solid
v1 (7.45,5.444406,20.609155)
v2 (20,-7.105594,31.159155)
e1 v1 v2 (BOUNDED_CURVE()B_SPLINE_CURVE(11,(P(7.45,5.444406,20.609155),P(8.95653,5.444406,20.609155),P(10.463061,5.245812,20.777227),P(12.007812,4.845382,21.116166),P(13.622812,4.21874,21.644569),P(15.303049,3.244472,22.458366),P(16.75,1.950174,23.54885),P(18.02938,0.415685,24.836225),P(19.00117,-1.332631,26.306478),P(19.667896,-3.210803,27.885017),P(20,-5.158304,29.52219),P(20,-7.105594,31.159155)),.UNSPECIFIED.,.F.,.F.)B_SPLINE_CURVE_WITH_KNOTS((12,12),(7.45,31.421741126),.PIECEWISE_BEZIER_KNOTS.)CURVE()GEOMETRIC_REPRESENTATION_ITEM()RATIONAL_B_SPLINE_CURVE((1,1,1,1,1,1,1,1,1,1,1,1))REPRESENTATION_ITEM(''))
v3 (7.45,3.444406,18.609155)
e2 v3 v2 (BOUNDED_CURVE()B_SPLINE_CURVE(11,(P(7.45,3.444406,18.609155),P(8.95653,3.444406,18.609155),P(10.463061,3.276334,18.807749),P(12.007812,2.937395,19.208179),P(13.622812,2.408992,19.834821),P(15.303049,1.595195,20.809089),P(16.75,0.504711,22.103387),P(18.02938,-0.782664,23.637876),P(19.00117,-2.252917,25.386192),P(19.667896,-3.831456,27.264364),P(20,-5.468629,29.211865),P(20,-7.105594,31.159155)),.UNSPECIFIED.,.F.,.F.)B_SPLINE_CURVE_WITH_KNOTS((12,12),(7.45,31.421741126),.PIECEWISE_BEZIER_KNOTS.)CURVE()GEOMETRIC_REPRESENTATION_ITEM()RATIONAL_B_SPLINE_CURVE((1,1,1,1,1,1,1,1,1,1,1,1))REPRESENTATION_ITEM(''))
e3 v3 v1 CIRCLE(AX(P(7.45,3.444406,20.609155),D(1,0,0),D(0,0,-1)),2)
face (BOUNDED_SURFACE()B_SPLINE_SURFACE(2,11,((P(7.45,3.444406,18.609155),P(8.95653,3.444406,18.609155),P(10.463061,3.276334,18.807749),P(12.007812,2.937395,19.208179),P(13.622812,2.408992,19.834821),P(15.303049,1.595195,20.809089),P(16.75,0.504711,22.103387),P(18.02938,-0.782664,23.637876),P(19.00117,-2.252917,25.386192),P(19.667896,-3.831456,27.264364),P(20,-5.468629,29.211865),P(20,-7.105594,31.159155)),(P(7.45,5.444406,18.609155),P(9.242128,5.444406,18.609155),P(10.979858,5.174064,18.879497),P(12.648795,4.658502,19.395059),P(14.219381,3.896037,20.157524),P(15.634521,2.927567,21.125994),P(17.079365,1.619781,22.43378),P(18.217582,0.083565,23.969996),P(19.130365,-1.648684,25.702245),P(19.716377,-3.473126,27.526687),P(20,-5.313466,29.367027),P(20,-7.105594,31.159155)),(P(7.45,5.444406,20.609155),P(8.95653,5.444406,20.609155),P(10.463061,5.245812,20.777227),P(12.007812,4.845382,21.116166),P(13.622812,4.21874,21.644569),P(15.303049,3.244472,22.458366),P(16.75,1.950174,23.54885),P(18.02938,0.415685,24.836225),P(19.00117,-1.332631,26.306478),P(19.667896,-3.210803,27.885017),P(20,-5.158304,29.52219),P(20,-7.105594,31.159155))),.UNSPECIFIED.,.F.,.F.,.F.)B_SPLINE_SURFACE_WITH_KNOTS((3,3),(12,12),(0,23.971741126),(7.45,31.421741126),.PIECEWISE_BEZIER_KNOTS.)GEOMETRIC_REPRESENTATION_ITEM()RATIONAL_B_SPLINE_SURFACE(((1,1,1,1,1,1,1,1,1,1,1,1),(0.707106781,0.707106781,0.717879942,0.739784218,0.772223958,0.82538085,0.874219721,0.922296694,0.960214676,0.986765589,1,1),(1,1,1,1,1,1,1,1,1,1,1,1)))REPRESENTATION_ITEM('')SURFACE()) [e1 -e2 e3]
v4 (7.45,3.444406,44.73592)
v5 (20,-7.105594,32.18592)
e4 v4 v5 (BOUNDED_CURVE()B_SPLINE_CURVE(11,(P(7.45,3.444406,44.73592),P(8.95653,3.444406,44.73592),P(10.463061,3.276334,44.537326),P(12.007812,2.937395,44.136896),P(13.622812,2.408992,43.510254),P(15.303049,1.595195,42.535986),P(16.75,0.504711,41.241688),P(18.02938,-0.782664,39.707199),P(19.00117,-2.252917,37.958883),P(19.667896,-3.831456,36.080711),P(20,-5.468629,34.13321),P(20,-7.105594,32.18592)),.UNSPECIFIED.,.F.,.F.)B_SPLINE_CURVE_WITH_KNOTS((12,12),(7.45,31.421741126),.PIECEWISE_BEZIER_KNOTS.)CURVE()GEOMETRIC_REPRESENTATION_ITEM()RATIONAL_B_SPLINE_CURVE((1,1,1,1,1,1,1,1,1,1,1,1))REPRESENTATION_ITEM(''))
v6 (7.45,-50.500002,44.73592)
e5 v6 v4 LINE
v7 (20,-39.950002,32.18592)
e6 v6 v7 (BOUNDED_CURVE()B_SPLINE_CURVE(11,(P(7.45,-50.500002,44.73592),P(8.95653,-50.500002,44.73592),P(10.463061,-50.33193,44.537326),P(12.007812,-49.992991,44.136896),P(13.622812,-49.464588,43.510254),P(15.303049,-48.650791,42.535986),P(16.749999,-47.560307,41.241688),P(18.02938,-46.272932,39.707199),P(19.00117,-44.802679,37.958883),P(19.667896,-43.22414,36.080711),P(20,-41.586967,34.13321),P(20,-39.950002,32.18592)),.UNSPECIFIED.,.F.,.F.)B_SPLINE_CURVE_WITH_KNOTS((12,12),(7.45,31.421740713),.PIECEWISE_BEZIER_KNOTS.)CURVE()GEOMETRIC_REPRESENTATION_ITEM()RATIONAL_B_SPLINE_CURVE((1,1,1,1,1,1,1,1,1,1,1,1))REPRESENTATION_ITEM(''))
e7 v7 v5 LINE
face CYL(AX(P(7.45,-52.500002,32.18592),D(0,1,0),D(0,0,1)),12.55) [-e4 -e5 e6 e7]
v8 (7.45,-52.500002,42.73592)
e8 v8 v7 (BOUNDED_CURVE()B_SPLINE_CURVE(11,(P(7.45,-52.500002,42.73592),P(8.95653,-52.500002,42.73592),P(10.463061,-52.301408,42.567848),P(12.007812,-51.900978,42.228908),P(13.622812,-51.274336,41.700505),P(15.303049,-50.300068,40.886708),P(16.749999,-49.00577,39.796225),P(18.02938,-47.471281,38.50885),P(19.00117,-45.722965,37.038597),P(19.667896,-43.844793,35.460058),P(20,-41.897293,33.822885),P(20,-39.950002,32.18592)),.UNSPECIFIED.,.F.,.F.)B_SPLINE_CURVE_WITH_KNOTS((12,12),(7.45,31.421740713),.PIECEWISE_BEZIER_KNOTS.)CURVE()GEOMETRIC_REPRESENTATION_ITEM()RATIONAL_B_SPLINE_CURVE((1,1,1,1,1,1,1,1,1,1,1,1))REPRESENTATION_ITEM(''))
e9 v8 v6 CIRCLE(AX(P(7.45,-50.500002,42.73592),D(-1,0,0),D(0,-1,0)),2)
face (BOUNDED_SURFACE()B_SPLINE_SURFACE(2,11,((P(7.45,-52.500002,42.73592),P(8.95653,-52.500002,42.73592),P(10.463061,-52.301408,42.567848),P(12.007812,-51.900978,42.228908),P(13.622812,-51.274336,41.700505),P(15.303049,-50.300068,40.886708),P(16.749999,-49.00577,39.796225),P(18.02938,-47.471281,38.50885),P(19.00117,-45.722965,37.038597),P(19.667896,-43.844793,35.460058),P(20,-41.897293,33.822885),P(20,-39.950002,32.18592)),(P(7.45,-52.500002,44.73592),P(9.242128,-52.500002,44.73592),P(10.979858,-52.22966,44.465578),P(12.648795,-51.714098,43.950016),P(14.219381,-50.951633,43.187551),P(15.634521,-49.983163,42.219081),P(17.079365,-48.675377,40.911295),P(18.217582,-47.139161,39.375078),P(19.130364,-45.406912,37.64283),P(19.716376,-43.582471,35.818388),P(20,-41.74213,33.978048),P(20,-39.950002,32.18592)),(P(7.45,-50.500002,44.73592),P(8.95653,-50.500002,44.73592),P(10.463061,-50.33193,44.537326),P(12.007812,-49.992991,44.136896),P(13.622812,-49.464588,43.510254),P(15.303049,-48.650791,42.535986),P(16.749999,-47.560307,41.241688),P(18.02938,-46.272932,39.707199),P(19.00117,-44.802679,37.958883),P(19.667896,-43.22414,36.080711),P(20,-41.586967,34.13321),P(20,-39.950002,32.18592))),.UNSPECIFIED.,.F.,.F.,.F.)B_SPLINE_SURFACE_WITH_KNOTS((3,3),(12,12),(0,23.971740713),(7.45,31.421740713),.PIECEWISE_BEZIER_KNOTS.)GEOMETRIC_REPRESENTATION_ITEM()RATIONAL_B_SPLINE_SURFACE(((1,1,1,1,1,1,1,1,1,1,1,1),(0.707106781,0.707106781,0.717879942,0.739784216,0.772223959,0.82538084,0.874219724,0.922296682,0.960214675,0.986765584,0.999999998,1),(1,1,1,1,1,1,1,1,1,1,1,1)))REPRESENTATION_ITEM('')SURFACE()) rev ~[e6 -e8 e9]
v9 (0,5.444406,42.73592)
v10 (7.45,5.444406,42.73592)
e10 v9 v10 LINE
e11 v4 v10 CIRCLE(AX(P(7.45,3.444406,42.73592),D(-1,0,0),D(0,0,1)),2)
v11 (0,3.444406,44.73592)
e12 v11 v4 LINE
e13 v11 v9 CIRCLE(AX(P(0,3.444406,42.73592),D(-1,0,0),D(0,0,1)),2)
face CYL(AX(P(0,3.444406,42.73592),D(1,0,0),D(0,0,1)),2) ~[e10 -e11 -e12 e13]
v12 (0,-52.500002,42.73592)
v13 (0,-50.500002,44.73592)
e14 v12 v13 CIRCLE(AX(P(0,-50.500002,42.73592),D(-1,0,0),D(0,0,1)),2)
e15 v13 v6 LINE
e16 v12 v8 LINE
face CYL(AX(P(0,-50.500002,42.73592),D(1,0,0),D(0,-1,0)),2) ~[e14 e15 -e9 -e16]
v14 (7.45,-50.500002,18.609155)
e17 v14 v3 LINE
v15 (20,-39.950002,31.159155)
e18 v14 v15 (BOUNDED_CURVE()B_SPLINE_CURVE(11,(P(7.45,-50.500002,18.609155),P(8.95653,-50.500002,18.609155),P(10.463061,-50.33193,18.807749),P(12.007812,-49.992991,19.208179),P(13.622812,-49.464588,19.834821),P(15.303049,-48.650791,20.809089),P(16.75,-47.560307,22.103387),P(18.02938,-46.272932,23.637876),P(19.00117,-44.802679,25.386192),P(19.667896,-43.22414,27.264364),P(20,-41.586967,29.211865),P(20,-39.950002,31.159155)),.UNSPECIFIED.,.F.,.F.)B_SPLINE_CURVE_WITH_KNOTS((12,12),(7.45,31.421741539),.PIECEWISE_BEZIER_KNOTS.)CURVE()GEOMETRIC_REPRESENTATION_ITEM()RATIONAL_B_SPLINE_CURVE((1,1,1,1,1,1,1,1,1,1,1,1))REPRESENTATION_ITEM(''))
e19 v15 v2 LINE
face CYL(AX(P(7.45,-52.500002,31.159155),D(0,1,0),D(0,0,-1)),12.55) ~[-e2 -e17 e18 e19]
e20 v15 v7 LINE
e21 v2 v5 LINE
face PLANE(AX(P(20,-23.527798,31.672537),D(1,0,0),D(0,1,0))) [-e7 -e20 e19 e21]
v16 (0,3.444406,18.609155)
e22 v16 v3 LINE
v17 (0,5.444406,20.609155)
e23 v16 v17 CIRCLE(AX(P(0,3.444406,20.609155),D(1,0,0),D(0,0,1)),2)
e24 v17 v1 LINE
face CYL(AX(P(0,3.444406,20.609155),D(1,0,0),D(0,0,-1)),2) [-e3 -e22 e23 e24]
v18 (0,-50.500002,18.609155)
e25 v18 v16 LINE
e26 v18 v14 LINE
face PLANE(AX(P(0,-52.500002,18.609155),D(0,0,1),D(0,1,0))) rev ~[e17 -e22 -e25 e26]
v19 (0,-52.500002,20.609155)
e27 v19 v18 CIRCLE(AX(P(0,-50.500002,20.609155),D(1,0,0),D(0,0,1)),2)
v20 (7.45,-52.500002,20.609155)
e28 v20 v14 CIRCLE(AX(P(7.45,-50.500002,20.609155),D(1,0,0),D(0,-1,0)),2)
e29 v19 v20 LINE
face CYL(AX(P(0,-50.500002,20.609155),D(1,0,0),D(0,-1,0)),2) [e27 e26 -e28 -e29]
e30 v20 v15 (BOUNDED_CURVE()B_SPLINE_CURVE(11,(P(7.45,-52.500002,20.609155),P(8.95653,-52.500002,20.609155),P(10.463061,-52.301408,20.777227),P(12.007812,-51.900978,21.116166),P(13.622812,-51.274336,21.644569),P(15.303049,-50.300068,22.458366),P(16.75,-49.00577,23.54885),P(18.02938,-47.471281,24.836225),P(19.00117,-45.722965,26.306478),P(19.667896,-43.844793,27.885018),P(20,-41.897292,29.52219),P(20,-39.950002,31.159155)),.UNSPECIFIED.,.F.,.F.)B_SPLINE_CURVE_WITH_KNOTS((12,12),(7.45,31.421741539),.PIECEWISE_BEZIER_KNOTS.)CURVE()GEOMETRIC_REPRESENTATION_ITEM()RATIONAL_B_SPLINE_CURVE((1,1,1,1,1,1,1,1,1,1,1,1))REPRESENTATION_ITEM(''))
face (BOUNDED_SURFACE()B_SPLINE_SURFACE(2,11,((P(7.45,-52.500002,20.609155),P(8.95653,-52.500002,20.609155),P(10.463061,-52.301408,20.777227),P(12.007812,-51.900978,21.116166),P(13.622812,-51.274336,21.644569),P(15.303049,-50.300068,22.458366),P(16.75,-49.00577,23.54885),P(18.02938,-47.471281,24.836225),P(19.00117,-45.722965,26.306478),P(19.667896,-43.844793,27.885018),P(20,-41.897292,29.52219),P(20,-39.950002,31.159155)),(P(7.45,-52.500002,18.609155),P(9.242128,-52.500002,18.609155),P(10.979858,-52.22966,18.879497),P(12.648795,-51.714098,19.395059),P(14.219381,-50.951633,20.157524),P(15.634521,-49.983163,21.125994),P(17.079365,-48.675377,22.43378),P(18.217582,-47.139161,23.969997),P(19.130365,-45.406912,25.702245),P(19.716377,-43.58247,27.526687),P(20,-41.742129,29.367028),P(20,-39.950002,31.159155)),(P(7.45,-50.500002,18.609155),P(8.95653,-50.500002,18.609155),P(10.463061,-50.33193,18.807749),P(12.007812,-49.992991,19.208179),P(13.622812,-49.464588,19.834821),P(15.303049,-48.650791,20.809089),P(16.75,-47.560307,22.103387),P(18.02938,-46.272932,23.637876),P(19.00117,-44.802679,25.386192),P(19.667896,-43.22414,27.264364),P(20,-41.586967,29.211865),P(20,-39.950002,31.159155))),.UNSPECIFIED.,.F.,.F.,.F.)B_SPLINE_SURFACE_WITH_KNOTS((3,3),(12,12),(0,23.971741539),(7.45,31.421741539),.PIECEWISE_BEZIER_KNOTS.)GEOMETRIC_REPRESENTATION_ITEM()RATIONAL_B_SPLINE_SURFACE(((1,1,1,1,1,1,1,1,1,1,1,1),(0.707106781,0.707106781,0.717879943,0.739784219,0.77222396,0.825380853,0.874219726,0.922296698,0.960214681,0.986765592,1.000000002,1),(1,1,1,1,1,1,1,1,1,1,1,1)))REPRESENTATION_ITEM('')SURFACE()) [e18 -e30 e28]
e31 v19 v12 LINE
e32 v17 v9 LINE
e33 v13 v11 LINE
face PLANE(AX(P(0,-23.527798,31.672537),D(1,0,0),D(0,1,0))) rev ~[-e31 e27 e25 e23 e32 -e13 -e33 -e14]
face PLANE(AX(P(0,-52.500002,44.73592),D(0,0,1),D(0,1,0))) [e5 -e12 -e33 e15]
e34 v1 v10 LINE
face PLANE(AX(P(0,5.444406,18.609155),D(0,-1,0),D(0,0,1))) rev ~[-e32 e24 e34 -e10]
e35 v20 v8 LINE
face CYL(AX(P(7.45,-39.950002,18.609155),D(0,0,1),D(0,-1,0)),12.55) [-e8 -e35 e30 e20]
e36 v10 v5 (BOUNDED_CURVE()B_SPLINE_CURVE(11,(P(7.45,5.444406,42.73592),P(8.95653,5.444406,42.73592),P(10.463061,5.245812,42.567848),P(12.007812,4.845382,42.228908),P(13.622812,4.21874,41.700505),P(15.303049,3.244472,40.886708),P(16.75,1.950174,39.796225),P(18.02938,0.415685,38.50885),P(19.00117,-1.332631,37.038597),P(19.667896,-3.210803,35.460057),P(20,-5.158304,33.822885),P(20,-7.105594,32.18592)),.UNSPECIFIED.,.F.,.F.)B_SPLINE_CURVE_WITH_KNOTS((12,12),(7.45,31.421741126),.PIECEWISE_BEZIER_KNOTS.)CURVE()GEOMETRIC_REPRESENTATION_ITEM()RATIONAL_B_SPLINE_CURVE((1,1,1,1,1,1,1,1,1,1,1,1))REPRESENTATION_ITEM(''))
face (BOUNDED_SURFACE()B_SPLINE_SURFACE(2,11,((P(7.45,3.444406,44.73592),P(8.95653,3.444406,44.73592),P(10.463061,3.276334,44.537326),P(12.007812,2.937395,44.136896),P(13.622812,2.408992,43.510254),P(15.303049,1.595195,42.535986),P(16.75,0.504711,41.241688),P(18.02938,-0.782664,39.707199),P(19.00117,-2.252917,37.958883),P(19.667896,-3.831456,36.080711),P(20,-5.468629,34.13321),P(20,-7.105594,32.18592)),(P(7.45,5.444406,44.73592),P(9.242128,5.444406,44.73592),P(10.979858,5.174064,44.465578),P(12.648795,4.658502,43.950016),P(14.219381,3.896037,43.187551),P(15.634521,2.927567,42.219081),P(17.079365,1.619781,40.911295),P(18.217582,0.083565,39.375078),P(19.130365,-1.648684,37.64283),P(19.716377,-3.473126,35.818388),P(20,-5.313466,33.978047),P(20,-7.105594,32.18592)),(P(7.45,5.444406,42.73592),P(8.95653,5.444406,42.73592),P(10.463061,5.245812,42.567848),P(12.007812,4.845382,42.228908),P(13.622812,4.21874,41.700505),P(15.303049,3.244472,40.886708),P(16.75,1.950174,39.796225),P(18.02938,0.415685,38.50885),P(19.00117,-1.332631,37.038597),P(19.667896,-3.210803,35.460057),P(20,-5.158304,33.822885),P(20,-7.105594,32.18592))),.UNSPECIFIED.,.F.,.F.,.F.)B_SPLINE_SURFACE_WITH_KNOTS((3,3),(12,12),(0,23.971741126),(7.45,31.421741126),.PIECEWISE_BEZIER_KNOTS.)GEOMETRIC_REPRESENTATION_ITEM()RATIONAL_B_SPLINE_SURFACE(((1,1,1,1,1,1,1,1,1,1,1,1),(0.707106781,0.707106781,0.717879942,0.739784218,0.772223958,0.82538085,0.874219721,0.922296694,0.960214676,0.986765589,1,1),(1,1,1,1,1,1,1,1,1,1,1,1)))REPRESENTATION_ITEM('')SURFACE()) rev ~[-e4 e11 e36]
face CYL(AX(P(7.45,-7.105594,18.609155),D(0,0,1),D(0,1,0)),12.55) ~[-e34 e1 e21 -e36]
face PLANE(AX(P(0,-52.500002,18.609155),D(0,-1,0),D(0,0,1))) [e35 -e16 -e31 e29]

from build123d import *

# Parameters (mm, degrees)
F0_W     = 57.9444081523
F0_H     = 26.1267647147
F1_DEPTH = 20
F2_R     = 12.55
F3_R     = 2


with BuildPart() as f1:
    # F0 (on Right) → F1 (new body)
    with BuildSketch(Plane.YZ):
        with Locations((-23.52779801, 31.6725373268)):
            Rectangle(F0_W, F0_H)
    extrude(amount=F1_DEPTH)

    # F2
    f2_edges = [f1.edges().sort_by_distance(p)[0] for p in [
        (20, -23.527798, 18.609155),
        (20, 5.444406, 31.672537),
        (20, -23.527798, 44.73592),
        (20, -52.500002, 31.672537),
    ]]
    fillet(f2_edges, radius=F2_R)

    # F3
    f3_edges = [f1.edges().sort_by_distance(p)[0] for p in [
        (20, -23.527798, 31.159155),
        (17.029365, -48.057916, 23.051241),
        (17.029365, -48.057916, 40.293833),
        (17.029365, 1.00232, 23.051241),
        (17.029365, 1.00232, 40.293833),
    ]]
    fillet(f3_edges, radius=F3_R)


solid = f1.part
